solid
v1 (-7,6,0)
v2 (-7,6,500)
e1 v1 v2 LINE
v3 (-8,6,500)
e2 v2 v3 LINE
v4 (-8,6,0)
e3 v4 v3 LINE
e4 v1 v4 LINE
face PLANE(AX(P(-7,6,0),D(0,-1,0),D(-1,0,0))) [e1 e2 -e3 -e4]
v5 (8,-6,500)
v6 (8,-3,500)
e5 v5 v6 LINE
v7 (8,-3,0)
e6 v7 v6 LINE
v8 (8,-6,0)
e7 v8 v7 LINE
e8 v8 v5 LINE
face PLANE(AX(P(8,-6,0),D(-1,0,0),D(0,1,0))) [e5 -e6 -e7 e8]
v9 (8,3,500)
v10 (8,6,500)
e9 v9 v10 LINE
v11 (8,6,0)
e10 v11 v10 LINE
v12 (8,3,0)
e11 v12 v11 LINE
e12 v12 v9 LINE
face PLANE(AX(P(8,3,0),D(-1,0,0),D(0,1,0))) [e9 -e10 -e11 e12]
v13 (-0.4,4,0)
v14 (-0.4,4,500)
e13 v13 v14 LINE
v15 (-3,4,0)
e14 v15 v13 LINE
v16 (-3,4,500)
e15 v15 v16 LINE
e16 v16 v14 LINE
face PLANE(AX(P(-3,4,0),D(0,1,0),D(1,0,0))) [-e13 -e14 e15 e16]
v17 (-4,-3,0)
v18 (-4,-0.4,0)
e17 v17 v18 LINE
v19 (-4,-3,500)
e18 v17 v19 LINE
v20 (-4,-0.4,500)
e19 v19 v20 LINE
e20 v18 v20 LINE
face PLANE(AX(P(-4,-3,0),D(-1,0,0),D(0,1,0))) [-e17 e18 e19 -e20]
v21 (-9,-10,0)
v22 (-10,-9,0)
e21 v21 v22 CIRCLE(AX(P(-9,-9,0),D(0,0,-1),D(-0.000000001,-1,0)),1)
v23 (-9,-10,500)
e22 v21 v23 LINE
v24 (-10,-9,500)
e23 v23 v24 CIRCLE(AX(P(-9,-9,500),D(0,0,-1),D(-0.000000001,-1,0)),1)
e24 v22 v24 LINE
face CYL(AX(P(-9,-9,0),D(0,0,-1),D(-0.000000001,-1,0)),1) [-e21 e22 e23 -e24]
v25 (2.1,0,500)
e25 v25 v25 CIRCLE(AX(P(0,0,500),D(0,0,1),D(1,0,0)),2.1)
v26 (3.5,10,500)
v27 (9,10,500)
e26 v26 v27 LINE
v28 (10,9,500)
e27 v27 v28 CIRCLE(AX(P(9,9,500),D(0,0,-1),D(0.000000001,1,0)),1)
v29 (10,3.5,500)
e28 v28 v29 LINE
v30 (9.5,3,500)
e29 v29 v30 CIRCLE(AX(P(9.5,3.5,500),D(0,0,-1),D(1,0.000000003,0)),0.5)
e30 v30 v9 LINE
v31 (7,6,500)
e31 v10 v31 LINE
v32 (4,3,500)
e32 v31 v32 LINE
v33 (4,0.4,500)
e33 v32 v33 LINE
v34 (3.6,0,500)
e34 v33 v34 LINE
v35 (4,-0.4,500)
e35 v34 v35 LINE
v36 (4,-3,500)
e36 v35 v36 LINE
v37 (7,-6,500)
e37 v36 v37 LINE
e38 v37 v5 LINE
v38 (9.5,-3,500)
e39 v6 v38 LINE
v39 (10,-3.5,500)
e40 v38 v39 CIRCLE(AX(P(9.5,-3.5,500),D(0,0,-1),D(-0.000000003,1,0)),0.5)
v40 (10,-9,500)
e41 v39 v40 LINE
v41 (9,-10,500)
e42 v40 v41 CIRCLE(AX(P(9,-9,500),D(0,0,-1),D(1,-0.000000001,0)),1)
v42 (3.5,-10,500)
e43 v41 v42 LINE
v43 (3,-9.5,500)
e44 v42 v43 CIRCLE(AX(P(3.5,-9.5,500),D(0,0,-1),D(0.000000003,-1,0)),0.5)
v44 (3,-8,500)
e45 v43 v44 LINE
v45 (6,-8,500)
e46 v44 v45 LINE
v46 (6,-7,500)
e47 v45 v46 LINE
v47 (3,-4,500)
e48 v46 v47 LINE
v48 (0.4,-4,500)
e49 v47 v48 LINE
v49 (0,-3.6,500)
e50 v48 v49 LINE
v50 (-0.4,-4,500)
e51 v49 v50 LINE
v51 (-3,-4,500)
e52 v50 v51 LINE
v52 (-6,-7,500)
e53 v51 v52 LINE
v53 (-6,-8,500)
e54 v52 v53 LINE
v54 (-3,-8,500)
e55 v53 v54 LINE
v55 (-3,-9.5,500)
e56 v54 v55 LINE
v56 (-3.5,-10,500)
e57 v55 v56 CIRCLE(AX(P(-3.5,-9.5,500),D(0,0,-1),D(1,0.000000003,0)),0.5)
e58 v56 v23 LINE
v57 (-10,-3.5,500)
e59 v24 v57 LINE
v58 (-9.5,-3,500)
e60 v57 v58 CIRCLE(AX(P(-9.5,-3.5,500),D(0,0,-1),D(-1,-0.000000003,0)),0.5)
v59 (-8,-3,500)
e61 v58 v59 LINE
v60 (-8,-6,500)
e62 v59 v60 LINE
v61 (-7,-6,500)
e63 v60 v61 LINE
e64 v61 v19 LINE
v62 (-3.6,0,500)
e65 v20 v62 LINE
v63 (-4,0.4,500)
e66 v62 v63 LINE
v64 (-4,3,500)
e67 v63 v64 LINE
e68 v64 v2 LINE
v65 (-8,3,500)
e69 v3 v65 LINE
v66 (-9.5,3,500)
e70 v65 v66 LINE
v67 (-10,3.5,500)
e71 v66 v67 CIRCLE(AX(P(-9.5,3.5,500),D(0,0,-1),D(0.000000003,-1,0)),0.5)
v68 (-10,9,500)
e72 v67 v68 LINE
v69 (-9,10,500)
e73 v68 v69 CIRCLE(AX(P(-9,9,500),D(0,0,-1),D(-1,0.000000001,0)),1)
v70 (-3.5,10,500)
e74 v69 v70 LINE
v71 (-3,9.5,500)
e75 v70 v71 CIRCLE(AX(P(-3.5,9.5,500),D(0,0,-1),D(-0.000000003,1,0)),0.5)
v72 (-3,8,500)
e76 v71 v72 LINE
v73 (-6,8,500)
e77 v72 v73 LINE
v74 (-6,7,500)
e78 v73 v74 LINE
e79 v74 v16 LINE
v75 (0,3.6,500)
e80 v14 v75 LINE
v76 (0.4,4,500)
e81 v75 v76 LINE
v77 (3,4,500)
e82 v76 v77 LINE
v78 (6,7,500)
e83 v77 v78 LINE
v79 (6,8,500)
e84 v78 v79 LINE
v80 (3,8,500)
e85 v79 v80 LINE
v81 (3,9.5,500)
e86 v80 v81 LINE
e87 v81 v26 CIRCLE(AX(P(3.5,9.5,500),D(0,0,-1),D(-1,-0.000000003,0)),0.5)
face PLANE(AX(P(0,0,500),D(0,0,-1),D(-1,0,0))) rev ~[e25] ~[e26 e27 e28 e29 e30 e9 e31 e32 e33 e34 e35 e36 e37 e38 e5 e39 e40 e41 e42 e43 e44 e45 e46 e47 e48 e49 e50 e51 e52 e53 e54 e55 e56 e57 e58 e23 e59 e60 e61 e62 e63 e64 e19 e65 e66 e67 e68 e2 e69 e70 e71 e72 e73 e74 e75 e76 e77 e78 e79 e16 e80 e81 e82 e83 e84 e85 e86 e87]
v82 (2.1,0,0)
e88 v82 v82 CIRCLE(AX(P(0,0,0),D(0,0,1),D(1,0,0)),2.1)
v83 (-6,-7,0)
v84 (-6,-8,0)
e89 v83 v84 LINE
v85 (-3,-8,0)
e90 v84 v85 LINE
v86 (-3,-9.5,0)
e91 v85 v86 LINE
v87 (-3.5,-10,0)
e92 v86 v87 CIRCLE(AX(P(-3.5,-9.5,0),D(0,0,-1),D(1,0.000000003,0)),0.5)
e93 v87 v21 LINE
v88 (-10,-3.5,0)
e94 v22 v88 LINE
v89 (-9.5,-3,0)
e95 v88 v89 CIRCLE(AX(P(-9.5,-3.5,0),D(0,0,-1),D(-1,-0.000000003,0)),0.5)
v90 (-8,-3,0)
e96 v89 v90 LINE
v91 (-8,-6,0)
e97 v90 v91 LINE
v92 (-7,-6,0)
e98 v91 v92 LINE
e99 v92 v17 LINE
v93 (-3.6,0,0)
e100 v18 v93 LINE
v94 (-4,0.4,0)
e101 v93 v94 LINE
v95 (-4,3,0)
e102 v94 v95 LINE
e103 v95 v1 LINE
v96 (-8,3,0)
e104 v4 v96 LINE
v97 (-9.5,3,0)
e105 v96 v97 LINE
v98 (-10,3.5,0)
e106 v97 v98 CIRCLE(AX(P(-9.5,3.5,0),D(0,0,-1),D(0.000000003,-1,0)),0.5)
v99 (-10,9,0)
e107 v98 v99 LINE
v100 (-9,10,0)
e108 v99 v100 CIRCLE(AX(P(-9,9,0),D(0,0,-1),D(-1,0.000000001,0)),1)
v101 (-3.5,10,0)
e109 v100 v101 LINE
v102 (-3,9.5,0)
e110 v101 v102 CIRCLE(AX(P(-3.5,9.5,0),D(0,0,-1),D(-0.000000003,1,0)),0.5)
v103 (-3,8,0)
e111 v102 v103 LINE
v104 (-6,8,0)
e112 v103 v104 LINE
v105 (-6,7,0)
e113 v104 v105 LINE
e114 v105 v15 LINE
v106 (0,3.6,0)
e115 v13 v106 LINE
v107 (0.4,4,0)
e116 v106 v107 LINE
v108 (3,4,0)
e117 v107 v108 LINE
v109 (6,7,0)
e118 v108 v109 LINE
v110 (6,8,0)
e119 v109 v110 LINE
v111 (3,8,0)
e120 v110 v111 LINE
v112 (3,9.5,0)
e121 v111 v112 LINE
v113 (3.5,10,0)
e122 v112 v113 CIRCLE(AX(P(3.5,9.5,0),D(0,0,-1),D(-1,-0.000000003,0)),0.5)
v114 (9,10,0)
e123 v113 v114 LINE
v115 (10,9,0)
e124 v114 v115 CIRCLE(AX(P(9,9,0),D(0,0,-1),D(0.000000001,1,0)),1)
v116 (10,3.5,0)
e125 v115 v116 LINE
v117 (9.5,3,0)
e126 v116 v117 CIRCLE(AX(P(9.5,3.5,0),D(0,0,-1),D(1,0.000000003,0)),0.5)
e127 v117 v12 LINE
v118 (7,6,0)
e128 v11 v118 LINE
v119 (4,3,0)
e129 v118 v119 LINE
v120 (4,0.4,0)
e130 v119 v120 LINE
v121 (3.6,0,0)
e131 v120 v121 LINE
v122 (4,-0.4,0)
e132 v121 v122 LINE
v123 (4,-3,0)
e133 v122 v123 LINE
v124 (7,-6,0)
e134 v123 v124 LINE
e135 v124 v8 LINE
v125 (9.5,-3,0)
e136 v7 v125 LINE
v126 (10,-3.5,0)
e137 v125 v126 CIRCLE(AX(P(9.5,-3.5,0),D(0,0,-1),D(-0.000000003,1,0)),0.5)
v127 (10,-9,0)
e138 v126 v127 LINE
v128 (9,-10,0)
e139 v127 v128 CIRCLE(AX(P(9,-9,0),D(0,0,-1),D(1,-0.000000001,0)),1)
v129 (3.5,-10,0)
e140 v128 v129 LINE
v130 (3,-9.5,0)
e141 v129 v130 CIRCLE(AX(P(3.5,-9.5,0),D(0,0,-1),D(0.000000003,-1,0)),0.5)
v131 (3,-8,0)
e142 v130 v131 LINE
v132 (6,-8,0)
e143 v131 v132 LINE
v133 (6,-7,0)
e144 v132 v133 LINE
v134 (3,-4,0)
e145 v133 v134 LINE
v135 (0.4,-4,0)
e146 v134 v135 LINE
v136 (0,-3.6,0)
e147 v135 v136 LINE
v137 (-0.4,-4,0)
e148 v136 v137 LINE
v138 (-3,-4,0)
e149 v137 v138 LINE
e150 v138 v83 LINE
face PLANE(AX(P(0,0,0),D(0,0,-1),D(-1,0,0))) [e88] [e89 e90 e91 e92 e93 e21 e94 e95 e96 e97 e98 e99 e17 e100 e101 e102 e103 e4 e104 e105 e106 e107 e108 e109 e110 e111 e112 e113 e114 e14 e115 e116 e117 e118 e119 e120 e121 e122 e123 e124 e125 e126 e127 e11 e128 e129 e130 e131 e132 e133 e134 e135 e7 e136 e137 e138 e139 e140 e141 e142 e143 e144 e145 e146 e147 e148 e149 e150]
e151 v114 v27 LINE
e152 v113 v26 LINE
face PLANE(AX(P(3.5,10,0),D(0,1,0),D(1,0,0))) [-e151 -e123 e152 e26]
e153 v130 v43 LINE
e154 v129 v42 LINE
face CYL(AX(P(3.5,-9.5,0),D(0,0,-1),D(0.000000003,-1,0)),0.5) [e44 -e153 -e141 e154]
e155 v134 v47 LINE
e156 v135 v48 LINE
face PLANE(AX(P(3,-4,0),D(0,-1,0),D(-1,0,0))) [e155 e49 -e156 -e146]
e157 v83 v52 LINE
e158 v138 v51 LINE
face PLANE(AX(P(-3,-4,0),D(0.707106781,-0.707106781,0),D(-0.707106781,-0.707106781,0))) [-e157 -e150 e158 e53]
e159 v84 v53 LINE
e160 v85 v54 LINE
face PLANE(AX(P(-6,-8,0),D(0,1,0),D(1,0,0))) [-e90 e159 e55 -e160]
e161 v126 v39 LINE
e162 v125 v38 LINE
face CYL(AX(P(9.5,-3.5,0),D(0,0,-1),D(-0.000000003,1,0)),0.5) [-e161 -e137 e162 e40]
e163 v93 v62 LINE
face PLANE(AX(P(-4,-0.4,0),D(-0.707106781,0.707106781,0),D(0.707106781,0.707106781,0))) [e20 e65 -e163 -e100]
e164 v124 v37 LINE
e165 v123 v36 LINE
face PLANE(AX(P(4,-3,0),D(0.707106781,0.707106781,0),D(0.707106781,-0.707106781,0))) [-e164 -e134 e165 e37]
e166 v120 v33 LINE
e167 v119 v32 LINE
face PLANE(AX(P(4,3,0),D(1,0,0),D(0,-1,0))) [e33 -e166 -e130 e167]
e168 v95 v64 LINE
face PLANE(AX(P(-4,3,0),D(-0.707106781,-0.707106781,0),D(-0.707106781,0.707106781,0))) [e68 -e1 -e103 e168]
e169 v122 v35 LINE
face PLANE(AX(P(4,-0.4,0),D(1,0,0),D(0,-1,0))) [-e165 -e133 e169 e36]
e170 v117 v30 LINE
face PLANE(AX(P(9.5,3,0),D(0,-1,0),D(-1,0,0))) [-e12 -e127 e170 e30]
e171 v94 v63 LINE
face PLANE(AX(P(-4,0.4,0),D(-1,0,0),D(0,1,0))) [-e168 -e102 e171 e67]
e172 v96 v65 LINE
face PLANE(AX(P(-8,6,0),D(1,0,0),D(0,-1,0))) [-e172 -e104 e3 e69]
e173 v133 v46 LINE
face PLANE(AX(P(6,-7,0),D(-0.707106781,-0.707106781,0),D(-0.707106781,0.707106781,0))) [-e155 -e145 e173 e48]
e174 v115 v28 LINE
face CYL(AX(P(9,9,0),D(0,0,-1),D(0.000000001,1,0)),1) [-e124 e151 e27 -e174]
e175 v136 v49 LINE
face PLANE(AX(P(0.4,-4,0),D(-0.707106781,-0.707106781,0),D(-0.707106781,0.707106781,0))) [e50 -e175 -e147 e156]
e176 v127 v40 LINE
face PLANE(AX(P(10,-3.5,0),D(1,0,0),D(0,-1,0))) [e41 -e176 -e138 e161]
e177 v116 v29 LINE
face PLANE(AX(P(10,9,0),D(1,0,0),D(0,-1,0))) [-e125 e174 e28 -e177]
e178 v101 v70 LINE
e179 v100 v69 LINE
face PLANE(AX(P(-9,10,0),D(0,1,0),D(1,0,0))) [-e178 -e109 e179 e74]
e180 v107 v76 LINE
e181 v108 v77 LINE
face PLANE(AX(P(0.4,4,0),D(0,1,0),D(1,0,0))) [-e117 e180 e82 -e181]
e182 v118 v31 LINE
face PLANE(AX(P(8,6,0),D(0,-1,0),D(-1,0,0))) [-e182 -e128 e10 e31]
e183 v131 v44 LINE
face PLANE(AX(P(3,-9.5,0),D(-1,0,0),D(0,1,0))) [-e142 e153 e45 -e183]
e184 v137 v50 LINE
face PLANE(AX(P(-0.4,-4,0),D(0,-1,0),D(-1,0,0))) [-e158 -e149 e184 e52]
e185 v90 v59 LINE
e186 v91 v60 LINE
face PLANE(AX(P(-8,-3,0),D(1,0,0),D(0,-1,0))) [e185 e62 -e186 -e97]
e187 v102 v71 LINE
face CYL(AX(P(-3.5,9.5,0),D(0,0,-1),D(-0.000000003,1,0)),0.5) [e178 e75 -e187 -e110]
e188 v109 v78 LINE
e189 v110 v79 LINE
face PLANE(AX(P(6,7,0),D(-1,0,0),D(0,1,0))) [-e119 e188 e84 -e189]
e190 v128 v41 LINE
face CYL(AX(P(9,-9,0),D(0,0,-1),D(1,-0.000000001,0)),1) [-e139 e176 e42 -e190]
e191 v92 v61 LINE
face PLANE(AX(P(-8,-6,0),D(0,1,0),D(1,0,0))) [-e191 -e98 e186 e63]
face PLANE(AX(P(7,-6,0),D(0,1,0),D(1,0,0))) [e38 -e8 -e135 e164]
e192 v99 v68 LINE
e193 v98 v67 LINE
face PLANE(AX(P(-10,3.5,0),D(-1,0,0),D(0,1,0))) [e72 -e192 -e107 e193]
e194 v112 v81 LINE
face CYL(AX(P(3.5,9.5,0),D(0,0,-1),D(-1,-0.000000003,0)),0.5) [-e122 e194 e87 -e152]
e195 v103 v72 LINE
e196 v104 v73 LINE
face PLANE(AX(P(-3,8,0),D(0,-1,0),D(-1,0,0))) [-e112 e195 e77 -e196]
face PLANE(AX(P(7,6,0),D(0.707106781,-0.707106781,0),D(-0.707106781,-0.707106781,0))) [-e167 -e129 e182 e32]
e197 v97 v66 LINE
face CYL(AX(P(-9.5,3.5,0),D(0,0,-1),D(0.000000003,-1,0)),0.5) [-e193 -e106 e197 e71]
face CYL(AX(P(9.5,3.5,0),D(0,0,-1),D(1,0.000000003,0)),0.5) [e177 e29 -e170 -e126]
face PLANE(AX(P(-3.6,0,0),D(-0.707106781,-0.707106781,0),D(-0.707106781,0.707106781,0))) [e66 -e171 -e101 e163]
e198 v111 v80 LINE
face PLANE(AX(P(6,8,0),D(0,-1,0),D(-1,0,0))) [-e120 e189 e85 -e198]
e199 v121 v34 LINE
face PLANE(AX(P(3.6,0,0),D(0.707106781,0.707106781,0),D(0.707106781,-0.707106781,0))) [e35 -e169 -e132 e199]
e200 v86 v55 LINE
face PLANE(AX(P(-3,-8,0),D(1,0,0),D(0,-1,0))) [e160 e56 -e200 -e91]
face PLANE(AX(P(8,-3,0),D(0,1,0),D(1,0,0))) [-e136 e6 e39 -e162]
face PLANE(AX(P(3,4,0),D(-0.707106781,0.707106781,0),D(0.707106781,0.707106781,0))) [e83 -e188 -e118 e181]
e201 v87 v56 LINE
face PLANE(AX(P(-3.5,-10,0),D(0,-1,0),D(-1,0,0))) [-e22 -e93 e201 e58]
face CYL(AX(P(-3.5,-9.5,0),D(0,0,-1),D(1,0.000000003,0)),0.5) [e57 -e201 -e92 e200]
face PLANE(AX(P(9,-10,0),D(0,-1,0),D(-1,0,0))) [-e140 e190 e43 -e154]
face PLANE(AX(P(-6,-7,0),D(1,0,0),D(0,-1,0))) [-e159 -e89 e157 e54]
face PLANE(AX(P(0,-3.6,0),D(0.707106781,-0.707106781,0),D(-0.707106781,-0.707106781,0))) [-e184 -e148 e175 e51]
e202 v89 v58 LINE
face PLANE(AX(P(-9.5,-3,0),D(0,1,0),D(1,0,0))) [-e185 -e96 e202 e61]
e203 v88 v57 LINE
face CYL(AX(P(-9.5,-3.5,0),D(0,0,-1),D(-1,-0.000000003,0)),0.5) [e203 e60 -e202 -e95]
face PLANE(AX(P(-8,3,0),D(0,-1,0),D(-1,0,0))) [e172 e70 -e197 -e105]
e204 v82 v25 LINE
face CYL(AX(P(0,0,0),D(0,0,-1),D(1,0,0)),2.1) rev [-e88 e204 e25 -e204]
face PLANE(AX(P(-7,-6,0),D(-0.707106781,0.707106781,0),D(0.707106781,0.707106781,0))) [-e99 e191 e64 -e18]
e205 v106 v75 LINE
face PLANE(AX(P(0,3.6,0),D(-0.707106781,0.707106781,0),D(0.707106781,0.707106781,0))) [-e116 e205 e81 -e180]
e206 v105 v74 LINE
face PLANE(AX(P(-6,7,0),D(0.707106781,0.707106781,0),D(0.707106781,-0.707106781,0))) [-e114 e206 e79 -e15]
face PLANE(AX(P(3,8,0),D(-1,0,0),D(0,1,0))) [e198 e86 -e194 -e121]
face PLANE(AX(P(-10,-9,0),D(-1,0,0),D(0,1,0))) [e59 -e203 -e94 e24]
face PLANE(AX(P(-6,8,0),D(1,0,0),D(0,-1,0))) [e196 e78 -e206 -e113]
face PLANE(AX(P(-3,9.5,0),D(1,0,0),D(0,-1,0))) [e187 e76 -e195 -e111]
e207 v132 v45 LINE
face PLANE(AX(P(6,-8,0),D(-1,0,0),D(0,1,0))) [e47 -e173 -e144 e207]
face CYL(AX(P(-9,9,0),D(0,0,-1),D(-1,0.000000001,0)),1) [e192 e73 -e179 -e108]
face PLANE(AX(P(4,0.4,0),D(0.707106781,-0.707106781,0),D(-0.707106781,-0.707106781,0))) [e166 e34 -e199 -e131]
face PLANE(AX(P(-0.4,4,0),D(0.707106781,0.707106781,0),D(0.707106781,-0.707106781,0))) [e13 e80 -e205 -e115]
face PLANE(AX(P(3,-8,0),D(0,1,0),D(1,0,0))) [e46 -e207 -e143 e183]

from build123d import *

# Parameters (mm, degrees)
SCHIZZO1_R                   = 2.1
ESTRUSIONE_ESTRUSIONE1_DEPTH = 500


with BuildPart() as part:
    # Schizzo1 → Estrusione-Estrusione1 (new body)
    with BuildSketch(Plane.XY):
        with BuildLine():
            Line((-3.6, 0), (-4, 0.4))
            Line((-4, 0.4), (-4, 3))
            Line((-4, 3), (-7, 6))
            Line((-7, 6), (-8, 6))
            Line((-8, 6), (-8, 3))
            Line((-8, 3), (-9.5, 3))
            ThreePointArc((-9.5, 3), (-9.853553391, 3.146446609), (-10, 3.5))
            Line((-10, 3.5), (-10, 9))
            ThreePointArc((-10, 9), (-9.707106781, 9.707106781), (-9, 10))
            Line((-9, 10), (-3.5, 10))
            ThreePointArc((-3.5, 10), (-3.146446609, 9.853553391), (-3, 9.5))
            Line((-3, 9.5), (-3, 8))
            Line((-3, 8), (-6, 8))
            Line((-6, 8), (-6, 7))
            Line((-6, 7), (-3, 4))
            Line((-3, 4), (-0.4, 4))
            Line((-0.4, 4), (0, 3.6))
            Line((0, 3.6), (0.4, 4))
            Line((0.4, 4), (3, 4))
            Line((3, 4), (6, 7))
            Line((6, 7), (6, 8))
            Line((6, 8), (3, 8))
            Line((3, 8), (3, 9.5))
            ThreePointArc((3, 9.5), (3.146446609, 9.853553391), (3.5, 10))
            Line((3.5, 10), (9, 10))
            ThreePointArc((9, 10), (9.707106781, 9.707106781), (10, 9))
            Line((10, 9), (10, 3.5))
            ThreePointArc((10, 3.5), (9.853553391, 3.146446609), (9.5, 3))
            Line((9.5, 3), (8, 3))
            Line((8, 3), (8, 6))
            Line((8, 6), (7, 6))
            Line((7, 6), (4, 3))
            Line((4, 3), (4, 0.4))
            Line((4, 0.4), (3.6, 0))
            Line((3.6, 0), (4, -0.4))
            Line((4, -0.4), (4, -3))
            Line((4, -3), (7, -6))
            Line((7, -6), (8, -6))
            Line((8, -6), (8, -3))
            Line((8, -3), (9.5, -3))
            ThreePointArc((9.5, -3), (9.853553391, -3.146446609), (10, -3.5))
            Line((10, -3.5), (10, -9))
            ThreePointArc((10, -9), (9.707106781, -9.707106781), (9, -10))
            Line((9, -10), (3.5, -10))
            ThreePointArc((3.5, -10), (3.146446609, -9.853553391), (3, -9.5))
            Line((3, -9.5), (3, -8))
            Line((3, -8), (6, -8))
            Line((6, -8), (6, -7))
            Line((6, -7), (3, -4))
            Line((3, -4), (0.4, -4))
            Line((0.4, -4), (0, -3.6))
            Line((0, -3.6), (-0.4, -4))
            Line((-0.4, -4), (-3, -4))
            Line((-3, -4), (-6, -7))
            Line((-6, -7), (-6, -8))
            Line((-6, -8), (-3, -8))
            Line((-3, -8), (-3, -9.5))
            ThreePointArc((-3, -9.5), (-3.146446609, -9.853553391), (-3.5, -10))
            Line((-3.5, -10), (-9, -10))
            ThreePointArc((-9, -10), (-9.707106781, -9.707106781), (-10, -9))
            Line((-10, -9), (-10, -3.5))
            ThreePointArc((-10, -3.5), (-9.853553391, -3.146446609), (-9.5, -3))
            Line((-9.5, -3), (-8, -3))
            Line((-8, -3), (-8, -6))
            Line((-8, -6), (-7, -6))
            Line((-7, -6), (-4, -3))
            Line((-4, -3), (-4, -0.4))
            Line((-4, -0.4), (-3.6, 0))
        make_face()
        Circle(SCHIZZO1_R, mode=Mode.SUBTRACT)
    extrude(amount=ESTRUSIONE_ESTRUSIONE1_DEPTH)


solid = part.part
